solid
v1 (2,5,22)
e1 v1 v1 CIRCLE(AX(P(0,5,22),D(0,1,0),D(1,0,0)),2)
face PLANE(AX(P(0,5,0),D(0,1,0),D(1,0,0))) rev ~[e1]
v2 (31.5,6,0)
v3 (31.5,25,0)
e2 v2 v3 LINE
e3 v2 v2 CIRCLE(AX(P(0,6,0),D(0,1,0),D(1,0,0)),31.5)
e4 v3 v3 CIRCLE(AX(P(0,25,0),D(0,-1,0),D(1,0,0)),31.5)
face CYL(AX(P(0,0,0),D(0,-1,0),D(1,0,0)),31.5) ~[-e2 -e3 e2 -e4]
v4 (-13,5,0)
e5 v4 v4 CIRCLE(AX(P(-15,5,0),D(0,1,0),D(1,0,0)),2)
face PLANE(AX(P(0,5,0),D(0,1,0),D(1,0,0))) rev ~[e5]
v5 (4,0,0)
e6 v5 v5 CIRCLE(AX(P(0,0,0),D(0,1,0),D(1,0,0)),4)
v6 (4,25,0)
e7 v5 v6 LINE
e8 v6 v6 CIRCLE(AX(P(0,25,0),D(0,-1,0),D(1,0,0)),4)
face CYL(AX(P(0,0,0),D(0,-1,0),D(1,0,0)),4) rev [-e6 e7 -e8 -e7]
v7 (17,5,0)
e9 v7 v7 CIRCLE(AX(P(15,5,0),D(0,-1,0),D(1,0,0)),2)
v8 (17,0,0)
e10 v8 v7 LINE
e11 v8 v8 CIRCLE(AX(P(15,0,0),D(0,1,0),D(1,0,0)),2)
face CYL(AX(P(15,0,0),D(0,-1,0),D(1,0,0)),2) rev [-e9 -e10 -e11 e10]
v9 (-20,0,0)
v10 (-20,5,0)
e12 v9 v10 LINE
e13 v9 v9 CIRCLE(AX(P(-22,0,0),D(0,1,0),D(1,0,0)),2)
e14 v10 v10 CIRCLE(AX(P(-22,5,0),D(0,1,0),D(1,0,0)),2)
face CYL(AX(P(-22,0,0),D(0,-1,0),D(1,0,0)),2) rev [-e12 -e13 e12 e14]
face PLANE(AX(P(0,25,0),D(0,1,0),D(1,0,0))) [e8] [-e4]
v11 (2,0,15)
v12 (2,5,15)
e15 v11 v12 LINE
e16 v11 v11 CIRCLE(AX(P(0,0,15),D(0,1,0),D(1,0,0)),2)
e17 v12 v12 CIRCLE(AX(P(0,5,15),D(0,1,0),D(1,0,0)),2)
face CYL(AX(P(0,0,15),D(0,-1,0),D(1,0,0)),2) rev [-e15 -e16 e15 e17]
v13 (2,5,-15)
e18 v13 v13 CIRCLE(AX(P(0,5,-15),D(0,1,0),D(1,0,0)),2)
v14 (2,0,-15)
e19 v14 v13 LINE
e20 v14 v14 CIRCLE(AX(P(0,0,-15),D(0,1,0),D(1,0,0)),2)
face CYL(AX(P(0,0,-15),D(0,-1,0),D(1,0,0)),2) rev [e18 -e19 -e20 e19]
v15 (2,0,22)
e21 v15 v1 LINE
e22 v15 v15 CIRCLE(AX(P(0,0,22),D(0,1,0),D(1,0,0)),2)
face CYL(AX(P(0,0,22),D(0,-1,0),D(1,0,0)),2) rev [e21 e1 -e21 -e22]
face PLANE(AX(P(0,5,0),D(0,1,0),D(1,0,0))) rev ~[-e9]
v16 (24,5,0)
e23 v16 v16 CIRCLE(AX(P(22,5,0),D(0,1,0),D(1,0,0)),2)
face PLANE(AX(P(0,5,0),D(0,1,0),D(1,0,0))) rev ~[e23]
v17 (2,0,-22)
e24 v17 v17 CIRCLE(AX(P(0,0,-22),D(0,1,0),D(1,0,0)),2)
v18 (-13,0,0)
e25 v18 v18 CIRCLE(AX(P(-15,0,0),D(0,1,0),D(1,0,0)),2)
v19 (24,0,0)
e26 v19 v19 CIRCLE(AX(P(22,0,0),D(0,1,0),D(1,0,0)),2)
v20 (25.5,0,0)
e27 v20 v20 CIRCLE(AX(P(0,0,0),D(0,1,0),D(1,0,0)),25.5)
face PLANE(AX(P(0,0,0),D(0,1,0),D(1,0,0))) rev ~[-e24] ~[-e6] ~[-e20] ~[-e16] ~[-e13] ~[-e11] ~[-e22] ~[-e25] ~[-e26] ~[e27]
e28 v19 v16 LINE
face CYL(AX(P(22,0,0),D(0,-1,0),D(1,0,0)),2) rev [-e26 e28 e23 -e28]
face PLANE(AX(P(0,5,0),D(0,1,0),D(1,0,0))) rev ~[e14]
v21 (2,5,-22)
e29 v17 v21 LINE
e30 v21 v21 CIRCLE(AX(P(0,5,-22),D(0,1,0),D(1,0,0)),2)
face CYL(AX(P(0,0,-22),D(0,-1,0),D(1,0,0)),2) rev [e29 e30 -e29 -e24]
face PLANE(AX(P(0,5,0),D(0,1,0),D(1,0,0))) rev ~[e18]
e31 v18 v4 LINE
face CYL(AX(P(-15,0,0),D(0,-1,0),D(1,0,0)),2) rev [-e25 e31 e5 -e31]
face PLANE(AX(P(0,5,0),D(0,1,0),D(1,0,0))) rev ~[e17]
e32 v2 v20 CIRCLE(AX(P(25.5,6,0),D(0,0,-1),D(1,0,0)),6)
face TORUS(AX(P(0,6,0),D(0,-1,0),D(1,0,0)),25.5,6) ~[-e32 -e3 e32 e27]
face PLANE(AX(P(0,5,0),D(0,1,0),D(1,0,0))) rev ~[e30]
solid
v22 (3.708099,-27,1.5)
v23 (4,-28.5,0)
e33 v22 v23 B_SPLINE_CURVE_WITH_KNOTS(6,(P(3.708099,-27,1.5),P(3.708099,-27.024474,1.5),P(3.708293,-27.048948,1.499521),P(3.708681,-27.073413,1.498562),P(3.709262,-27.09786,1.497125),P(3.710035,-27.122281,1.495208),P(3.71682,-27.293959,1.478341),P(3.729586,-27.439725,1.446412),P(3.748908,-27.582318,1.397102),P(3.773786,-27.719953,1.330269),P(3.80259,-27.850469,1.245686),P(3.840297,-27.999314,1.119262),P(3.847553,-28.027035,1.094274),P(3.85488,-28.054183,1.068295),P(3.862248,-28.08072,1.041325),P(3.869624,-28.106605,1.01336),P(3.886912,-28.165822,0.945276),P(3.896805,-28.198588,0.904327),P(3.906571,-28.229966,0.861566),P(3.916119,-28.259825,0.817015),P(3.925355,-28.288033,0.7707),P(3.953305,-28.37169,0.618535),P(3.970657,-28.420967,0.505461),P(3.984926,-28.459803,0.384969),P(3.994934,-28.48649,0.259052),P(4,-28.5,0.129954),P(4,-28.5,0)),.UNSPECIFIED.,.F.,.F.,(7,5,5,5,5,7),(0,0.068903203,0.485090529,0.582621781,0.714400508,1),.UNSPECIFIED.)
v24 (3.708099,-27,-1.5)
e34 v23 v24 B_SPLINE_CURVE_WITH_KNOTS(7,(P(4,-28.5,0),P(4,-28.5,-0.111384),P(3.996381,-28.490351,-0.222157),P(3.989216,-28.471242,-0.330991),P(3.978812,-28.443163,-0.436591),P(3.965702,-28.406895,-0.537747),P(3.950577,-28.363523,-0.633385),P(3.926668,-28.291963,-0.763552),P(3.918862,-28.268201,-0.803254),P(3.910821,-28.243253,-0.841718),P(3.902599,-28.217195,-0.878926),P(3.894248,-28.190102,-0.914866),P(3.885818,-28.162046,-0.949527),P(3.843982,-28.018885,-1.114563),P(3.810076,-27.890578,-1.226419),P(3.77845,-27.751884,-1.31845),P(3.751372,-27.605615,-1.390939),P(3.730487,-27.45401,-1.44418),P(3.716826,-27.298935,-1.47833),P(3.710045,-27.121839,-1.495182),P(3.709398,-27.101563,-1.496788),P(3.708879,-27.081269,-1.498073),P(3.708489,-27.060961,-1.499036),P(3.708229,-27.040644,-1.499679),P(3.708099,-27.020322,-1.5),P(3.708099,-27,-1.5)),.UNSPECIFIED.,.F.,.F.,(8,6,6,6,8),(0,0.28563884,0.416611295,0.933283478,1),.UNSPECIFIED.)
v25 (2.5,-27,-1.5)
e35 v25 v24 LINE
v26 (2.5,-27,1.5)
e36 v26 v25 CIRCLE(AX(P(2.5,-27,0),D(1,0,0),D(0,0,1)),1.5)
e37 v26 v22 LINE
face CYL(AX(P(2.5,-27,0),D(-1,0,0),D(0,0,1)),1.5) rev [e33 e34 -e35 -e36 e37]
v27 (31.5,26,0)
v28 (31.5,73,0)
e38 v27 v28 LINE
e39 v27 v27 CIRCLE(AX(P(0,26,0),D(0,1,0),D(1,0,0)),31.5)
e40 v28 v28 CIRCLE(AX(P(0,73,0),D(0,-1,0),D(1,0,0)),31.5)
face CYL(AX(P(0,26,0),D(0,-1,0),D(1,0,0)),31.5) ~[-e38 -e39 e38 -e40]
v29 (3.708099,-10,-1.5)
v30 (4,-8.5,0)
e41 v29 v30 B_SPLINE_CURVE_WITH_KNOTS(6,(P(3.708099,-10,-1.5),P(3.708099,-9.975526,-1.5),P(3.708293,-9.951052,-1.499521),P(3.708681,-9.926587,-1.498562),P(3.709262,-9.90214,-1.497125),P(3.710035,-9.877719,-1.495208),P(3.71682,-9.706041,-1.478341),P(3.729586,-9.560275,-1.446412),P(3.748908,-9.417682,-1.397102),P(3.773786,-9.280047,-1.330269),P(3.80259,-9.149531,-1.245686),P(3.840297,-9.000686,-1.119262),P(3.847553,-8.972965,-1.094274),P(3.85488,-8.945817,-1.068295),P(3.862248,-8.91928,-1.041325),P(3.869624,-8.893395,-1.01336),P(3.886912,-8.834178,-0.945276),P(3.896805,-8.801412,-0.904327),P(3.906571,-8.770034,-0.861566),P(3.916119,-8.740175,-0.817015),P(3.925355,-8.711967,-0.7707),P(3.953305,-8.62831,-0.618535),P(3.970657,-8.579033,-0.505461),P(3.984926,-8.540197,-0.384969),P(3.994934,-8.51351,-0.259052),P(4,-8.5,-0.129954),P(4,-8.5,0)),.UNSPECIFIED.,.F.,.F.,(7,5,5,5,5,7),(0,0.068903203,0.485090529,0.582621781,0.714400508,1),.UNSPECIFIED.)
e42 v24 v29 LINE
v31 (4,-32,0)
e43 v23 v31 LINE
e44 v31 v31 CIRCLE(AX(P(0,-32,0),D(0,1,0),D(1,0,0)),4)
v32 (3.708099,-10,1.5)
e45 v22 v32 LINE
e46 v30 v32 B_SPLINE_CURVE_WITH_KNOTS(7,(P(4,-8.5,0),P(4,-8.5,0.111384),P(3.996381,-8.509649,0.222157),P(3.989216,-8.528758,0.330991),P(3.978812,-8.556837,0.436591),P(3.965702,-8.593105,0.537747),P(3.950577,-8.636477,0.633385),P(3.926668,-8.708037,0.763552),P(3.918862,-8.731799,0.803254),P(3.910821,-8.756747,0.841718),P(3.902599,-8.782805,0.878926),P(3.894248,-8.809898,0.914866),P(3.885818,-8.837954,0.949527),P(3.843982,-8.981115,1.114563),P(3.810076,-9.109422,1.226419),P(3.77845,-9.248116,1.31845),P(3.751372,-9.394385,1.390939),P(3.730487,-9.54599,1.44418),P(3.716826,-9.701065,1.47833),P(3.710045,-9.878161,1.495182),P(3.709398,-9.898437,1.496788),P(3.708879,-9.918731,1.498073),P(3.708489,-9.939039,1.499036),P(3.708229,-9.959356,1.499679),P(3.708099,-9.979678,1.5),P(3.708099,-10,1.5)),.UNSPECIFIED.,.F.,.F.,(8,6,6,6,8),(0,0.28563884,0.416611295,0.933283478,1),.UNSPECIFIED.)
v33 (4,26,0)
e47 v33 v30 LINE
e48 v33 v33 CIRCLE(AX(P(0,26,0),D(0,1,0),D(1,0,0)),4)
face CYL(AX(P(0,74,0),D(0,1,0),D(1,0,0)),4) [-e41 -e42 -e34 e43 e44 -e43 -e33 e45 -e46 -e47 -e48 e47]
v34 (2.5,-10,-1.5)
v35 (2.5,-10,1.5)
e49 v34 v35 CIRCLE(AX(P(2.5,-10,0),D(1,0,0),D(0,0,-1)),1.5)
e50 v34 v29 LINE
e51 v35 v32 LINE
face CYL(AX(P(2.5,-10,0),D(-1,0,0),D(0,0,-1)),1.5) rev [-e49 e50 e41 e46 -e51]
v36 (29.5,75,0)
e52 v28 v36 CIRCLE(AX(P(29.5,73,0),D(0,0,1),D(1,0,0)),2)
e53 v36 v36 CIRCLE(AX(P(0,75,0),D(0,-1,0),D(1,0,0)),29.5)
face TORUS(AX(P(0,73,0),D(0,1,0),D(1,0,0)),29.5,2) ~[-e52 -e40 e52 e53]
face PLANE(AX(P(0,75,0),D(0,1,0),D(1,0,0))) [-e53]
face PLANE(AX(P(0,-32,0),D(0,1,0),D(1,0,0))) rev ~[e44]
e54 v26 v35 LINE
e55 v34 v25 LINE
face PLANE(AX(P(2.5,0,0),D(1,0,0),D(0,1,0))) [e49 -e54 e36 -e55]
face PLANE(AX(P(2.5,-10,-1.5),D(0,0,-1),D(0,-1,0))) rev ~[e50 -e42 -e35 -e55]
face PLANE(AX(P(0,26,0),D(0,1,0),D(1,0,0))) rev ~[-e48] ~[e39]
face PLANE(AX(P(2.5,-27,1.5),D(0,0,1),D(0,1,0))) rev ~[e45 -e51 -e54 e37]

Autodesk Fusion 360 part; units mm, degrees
sketch "FlipskyFrontSketch" plane through (0, 0, 0) normal (0, 1, 0) x (1, 0, 0) in component "FlipskyR6374"
  circle A0 centre (0, 0) radius 22 construction
  circle A1 centre (0, 0) radius 31.5
  circle A2 centre (0, 0) radius 15 construction
  circle A3 centre (0, 0) radius 4
  line L0 (0, -40.5211) -> (0, 42) construction
  line L1 (-68.5254, 0) -> (76.0881, 0) construction
  circle A4 centre (0, -22) radius 2
  circle A5 centre (0, -15) radius 2
  circle A6 centre (0, 22) radius 2
  circle A7 centre (0, 15) radius 2
  circle A8 centre (-15, 0) radius 2
  circle A9 centre (-22, 0) radius 2
  circle A10 centre (15, 0) radius 2
  circle A11 centre (22, 0) radius 2
  line L2 (3.7081, -1.5) -> (2.5, -1.5)
  line L3 (2.5, -1.5) -> (2.5, 1.5)
  line L4 (2.5, 1.5) -> (3.7081, 1.5)
  line L5 (60, 20) -> (60, -20)
  line L6 (-60, -20) -> (-60, 20)
  line L7 (-60, 20) -> (60, -20) construction
  line L8 (60, 20) -> (-60, -20) construction
  line L9 (-28.1114, -20) -> (-60, -20)
  line L10 (60, -20) -> (28.1114, -20)
  line L11 (-60, 20) -> (-28.1114, 20)
  line L12 (28.1114, 20) -> (60, 20)
  circle A12 centre (-50, -10) radius 2.5
  circle A13 centre (-50, 10) radius 2.5
  circle A14 centre (50, -10) radius 2.5
  circle A15 centre (50, 10) radius 2.5
  line L13 (-63.5493, -10) -> (64.0522, -10) construction
  line L14 (-62.7711, 10) -> (65, 10) construction
  line L15 (-50, -26.3815) -> (-50, 24.1685) construction
  line L16 (50, -27.289) -> (50, 25) construction
  line L17 (16.7321, 1) -> (14.9666, 1)
  line L18 (2.5, -1) -> (3, -1)
  line L19 (-40, -20) -> (-40, 20)
  line L20 (40, -20) -> (40, 20)
  arc A16 (-28.1114, -20) -> (28.1114, -20) centre (0, 0) ccw
  arc A17 (28.1114, 20) -> (-28.1114, 20) centre (0, 0) ccw
  circle A18 centre (0, 0) radius 10
  circle A19 centre (0, 0) radius 5
  line L21 (0, 0) -> (-31.8198, -31.8198) construction
  line L22 (0, 0) -> (45, 0) construction
  line L23 (-16.2768, -30.419) -> (-14.0506, -28.1927)
  line L24 (-34.1421, -20) -> (-28.1927, -14.0506)
  dimension "d1" = 44
  dimension "d2" = 63
  dimension "d3" = 30
  dimension "d4" = 8
  dimension "d6" = 4
  dimension "d7" = 4
  dimension "d8" = 4
  dimension "d9" = 4
  dimension "d10" = 4
  dimension "d11" = 4
  dimension "d12" = 4
  dimension "d13" = 4
  dimension "d28" = 1.5
  dimension "d29" = 1.5
  dimension "d30" = 2.5
  dimension "d35" = 120
  dimension "d36" = 40
  dimension "d48" = 5
  dimension "d49" = 5
  dimension "d50" = 5
  dimension "d51" = 5
  dimension "d52" = 10
  dimension "d53" = 10
  dimension "d54" = 10
  dimension "d55" = 10
  dimension "d66" = 20
  dimension "d67" = 20
  dimension "d68" = 34.5
  dimension "d71" = 20
  dimension "d72" = 10
  dimension "d73" = 135
  dimension "d75" = 10
  dimension "d76" = 10
extrude "Extrude1" add sketch "FlipskyFrontSketch" along normal blind 25 contours A1 | A4 | A5 | A6 | A7 | A8 | A9 | A10 | A11 | A18 | A19 makes body 1 in component "Stator"
extrude "Extrude2" cut sketch "FlipskyFrontSketch" along normal blind 5 contours A4 | A5 | A6 | A7 | A8 | A9 | A10 | A11 bodies 1 in component "Stator"
fillet "Fillet1" radius 6 1 edges at (-29.3683, 0, 11.3909) on bodies 1 in component "Stator"
sketch "AxleRightSketch" plane through (0, 0, 0) normal (1, 0, 0) x (0, 1, 0) in component "Rotor"
  line L0 (-27, 1.5) -> (-10, 1.5)
  line L1 (-10, -1.5) -> (-27, -1.5)
  line L2 (-35, 0) -> (6.0427, 0) construction
  line L3 (-32, 10) -> (-32, -10) construction
  line L4 (0, -20) -> (0, 20)
  arc A0 (-27, 1.5) -> (-27, -1.5) centre (-27, 0) ccw
  arc A1 (-10, -1.5) -> (-10, 1.5) centre (-10, 0) ccw
  dimension "d92" = 3
  dimension "d93" = 3
  dimension "d94" = 17
  dimension "d95" = 10
extrude "Extrude1'" add sketch "FlipskyFrontSketch" along normal blind -32 and the other way blind -74 separate body contours A3 L2 L3 L4 | A3 L2 L3 L4 makes body 2 in component "Rotor"
extrude "Extrude5" add sketch "FlipskyFrontSketch" along normal blind 75 and the other way blind -26 contours A1 | A3 L2 L3 L4 | A3 L2 L3 L4 | A4 | A5 | A6 | A7 | A8 | A9 | A10 | A11 | A18 | A19 bodies 2 in component "Rotor"
fillet "Fillet1'" radius 2 1 edges at (-29.3683, 75, 11.3909) on bodies 2 in component "Rotor"
extrude "Extrude2'" cut sketch "AxleRightSketch" along normal blind 15 and the other way blind -2.5 bodies 2 in component "Rotor"
component "FlipskyR6374" placed x (1, 0, 0) y (0, 1, 0) z (0, 0, 1) at (0, 0, 0)
component "Flipsky6374" placed x (1, 0, 0) y (0, 1, 0) z (0, 0, 1) at (0, 0, 0) in component "FlipskyR6374"
component "Stator" placed x (1, 0, 0) y (0, 1, 0) z (0, 0, 1) at (0, 0, 0) in component "Flipsky6374"
component "Rotor" placed x (1, 0, 0) y (0, 1, 0) z (0, 0, 1) at (0, 0, 0) in component "Flipsky6374"
